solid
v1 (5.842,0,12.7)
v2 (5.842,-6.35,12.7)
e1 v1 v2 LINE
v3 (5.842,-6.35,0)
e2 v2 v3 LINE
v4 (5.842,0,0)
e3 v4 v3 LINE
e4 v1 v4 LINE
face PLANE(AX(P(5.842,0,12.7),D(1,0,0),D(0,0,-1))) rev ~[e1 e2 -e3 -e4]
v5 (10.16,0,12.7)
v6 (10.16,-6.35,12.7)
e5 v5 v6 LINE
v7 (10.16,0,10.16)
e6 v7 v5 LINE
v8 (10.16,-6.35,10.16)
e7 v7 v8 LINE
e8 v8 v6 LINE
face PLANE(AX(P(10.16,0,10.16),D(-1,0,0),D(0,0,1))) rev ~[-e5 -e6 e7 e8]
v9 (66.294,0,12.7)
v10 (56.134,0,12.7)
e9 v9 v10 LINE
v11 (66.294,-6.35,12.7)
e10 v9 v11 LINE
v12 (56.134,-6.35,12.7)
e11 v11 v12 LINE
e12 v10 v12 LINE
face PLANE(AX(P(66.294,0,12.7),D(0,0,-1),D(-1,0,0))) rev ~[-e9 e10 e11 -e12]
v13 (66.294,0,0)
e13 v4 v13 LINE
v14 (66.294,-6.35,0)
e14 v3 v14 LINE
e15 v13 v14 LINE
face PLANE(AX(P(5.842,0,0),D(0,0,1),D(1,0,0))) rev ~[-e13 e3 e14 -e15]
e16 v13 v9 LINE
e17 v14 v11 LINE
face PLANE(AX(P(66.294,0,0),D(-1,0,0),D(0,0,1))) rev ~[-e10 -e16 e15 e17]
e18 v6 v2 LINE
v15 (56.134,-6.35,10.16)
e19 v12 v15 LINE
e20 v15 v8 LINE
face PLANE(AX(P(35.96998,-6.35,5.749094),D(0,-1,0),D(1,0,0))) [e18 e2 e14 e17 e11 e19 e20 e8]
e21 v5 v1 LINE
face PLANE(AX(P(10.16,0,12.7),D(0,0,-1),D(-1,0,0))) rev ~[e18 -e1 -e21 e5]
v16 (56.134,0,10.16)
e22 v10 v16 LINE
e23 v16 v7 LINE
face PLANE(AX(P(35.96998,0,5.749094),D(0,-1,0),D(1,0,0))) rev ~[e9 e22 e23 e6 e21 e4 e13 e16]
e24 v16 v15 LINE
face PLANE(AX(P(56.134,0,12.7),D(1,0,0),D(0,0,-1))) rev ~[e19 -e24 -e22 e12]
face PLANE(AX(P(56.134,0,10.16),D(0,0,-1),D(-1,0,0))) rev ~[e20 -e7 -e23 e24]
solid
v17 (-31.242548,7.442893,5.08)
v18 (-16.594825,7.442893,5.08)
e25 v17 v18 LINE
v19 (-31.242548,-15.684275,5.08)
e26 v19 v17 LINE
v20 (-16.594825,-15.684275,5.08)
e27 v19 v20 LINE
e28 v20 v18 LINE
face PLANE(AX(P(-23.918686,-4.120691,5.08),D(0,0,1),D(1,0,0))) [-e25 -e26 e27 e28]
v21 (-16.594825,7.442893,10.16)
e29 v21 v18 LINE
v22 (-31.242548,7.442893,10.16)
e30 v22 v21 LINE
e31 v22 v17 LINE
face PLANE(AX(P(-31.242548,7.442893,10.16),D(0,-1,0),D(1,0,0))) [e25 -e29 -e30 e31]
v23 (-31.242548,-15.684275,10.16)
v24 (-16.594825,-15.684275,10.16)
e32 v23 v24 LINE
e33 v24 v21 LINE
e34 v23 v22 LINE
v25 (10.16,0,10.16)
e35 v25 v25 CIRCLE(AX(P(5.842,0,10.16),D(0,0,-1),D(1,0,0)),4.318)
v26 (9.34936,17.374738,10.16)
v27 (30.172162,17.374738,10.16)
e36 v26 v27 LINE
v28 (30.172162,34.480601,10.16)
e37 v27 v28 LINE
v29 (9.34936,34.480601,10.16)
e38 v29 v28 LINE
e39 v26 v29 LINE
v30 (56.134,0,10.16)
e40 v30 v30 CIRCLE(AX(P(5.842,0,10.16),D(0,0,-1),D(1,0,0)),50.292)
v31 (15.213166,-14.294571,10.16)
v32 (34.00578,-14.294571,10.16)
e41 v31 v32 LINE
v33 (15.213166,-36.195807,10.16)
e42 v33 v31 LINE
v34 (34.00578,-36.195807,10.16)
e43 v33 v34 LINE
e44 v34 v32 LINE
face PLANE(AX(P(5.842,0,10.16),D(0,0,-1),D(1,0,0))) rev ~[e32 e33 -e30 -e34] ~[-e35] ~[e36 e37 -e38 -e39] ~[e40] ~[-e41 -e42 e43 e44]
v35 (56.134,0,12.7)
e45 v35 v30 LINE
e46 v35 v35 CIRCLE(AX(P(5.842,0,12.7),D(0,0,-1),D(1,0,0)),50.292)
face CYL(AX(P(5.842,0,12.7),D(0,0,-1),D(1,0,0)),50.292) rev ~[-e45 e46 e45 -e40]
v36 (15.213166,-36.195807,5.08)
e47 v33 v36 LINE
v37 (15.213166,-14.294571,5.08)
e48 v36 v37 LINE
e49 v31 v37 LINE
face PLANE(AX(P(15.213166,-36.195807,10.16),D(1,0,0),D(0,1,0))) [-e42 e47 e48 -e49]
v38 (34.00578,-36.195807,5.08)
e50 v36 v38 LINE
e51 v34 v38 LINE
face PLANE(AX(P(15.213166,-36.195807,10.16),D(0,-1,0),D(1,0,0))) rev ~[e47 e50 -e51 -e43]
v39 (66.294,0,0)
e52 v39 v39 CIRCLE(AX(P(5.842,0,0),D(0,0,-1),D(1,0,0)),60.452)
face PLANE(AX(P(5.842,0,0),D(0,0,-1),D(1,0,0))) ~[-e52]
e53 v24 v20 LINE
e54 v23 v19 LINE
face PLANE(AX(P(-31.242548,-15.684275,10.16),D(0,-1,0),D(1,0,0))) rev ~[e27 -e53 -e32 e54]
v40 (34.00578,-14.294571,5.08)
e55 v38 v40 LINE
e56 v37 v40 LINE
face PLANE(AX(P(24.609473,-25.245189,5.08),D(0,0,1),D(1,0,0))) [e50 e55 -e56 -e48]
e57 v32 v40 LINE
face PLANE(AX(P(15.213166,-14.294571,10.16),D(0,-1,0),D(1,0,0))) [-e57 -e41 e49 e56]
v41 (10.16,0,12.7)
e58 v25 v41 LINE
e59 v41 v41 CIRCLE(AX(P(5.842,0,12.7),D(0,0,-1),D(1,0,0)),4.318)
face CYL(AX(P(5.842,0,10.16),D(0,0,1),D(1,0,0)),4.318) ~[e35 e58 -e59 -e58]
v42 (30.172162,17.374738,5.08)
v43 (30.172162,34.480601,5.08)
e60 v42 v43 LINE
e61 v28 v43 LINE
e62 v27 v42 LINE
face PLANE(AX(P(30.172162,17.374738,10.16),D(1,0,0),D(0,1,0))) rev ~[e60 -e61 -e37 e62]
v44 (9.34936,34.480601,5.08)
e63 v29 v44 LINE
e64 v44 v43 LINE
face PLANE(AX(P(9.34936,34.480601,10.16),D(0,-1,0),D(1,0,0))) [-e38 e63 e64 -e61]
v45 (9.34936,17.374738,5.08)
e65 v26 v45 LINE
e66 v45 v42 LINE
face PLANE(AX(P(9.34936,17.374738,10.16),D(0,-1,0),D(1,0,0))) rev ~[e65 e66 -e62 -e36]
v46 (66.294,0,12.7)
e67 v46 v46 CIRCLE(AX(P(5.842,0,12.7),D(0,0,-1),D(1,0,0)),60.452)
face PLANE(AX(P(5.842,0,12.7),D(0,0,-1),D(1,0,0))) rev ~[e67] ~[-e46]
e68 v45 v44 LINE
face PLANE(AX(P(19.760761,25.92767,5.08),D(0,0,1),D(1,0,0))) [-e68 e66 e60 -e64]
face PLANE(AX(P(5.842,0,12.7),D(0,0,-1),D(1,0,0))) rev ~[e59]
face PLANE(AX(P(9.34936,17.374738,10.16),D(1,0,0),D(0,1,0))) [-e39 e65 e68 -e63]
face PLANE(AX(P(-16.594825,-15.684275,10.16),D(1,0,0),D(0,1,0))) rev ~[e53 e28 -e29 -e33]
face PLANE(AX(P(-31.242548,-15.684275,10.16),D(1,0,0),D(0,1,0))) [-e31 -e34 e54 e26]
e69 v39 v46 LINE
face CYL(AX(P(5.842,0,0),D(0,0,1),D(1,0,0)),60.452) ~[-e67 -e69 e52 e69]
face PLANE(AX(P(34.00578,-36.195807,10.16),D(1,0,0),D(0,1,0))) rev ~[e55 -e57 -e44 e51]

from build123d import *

# Parameters (mm, degrees)
F2_DEPTH = 6.35
F3_W     = 18.792614
F3_H     = 21.901235
F3_W_2   = 14.647723
F3_H_2   = 23.127168
F3_W_3   = 20.822802
F3_H_3   = 17.105863
F4_DEPTH = 5.08


with BuildPart() as f1:
    # F0 (on Front) → F1 (revolve)
    with BuildSketch(Plane.XZ):
        Polygon((5.842, 12.7), (5.842, 0), (66.294, 0), (66.294, 12.7), (56.134, 12.7), (56.134, 10.16), (10.16, 10.16), (10.16, 12.7), align=None)
    revolve(axis=Axis((5.842, 0, 2.921), (0, 0, -1)))

    # F3 (on face) → F4 (cut)
    with BuildSketch(Plane.XY.offset(10.16)):
        with Locations((24.609473, -25.245189)):
            Rectangle(F3_W, F3_H)
        with Locations((-23.918686, -4.120691)):
            Rectangle(F3_W_2, F3_H_2)
        with Locations((19.760761, 25.92767)):
            Rectangle(F3_W_3, F3_H_3)
    extrude(amount=-F4_DEPTH, mode=Mode.SUBTRACT)


with BuildPart() as f2:
    # F0 (on Front) → F2 (new body)
    with BuildSketch(Plane.XZ):
        Polygon((5.842, 12.7), (5.842, 0), (66.294, 0), (66.294, 12.7), (56.134, 12.7), (56.134, 10.16), (10.16, 10.16), (10.16, 12.7), align=None)
    extrude(amount=F2_DEPTH)


solid = Compound([f1.part, f2.part])
